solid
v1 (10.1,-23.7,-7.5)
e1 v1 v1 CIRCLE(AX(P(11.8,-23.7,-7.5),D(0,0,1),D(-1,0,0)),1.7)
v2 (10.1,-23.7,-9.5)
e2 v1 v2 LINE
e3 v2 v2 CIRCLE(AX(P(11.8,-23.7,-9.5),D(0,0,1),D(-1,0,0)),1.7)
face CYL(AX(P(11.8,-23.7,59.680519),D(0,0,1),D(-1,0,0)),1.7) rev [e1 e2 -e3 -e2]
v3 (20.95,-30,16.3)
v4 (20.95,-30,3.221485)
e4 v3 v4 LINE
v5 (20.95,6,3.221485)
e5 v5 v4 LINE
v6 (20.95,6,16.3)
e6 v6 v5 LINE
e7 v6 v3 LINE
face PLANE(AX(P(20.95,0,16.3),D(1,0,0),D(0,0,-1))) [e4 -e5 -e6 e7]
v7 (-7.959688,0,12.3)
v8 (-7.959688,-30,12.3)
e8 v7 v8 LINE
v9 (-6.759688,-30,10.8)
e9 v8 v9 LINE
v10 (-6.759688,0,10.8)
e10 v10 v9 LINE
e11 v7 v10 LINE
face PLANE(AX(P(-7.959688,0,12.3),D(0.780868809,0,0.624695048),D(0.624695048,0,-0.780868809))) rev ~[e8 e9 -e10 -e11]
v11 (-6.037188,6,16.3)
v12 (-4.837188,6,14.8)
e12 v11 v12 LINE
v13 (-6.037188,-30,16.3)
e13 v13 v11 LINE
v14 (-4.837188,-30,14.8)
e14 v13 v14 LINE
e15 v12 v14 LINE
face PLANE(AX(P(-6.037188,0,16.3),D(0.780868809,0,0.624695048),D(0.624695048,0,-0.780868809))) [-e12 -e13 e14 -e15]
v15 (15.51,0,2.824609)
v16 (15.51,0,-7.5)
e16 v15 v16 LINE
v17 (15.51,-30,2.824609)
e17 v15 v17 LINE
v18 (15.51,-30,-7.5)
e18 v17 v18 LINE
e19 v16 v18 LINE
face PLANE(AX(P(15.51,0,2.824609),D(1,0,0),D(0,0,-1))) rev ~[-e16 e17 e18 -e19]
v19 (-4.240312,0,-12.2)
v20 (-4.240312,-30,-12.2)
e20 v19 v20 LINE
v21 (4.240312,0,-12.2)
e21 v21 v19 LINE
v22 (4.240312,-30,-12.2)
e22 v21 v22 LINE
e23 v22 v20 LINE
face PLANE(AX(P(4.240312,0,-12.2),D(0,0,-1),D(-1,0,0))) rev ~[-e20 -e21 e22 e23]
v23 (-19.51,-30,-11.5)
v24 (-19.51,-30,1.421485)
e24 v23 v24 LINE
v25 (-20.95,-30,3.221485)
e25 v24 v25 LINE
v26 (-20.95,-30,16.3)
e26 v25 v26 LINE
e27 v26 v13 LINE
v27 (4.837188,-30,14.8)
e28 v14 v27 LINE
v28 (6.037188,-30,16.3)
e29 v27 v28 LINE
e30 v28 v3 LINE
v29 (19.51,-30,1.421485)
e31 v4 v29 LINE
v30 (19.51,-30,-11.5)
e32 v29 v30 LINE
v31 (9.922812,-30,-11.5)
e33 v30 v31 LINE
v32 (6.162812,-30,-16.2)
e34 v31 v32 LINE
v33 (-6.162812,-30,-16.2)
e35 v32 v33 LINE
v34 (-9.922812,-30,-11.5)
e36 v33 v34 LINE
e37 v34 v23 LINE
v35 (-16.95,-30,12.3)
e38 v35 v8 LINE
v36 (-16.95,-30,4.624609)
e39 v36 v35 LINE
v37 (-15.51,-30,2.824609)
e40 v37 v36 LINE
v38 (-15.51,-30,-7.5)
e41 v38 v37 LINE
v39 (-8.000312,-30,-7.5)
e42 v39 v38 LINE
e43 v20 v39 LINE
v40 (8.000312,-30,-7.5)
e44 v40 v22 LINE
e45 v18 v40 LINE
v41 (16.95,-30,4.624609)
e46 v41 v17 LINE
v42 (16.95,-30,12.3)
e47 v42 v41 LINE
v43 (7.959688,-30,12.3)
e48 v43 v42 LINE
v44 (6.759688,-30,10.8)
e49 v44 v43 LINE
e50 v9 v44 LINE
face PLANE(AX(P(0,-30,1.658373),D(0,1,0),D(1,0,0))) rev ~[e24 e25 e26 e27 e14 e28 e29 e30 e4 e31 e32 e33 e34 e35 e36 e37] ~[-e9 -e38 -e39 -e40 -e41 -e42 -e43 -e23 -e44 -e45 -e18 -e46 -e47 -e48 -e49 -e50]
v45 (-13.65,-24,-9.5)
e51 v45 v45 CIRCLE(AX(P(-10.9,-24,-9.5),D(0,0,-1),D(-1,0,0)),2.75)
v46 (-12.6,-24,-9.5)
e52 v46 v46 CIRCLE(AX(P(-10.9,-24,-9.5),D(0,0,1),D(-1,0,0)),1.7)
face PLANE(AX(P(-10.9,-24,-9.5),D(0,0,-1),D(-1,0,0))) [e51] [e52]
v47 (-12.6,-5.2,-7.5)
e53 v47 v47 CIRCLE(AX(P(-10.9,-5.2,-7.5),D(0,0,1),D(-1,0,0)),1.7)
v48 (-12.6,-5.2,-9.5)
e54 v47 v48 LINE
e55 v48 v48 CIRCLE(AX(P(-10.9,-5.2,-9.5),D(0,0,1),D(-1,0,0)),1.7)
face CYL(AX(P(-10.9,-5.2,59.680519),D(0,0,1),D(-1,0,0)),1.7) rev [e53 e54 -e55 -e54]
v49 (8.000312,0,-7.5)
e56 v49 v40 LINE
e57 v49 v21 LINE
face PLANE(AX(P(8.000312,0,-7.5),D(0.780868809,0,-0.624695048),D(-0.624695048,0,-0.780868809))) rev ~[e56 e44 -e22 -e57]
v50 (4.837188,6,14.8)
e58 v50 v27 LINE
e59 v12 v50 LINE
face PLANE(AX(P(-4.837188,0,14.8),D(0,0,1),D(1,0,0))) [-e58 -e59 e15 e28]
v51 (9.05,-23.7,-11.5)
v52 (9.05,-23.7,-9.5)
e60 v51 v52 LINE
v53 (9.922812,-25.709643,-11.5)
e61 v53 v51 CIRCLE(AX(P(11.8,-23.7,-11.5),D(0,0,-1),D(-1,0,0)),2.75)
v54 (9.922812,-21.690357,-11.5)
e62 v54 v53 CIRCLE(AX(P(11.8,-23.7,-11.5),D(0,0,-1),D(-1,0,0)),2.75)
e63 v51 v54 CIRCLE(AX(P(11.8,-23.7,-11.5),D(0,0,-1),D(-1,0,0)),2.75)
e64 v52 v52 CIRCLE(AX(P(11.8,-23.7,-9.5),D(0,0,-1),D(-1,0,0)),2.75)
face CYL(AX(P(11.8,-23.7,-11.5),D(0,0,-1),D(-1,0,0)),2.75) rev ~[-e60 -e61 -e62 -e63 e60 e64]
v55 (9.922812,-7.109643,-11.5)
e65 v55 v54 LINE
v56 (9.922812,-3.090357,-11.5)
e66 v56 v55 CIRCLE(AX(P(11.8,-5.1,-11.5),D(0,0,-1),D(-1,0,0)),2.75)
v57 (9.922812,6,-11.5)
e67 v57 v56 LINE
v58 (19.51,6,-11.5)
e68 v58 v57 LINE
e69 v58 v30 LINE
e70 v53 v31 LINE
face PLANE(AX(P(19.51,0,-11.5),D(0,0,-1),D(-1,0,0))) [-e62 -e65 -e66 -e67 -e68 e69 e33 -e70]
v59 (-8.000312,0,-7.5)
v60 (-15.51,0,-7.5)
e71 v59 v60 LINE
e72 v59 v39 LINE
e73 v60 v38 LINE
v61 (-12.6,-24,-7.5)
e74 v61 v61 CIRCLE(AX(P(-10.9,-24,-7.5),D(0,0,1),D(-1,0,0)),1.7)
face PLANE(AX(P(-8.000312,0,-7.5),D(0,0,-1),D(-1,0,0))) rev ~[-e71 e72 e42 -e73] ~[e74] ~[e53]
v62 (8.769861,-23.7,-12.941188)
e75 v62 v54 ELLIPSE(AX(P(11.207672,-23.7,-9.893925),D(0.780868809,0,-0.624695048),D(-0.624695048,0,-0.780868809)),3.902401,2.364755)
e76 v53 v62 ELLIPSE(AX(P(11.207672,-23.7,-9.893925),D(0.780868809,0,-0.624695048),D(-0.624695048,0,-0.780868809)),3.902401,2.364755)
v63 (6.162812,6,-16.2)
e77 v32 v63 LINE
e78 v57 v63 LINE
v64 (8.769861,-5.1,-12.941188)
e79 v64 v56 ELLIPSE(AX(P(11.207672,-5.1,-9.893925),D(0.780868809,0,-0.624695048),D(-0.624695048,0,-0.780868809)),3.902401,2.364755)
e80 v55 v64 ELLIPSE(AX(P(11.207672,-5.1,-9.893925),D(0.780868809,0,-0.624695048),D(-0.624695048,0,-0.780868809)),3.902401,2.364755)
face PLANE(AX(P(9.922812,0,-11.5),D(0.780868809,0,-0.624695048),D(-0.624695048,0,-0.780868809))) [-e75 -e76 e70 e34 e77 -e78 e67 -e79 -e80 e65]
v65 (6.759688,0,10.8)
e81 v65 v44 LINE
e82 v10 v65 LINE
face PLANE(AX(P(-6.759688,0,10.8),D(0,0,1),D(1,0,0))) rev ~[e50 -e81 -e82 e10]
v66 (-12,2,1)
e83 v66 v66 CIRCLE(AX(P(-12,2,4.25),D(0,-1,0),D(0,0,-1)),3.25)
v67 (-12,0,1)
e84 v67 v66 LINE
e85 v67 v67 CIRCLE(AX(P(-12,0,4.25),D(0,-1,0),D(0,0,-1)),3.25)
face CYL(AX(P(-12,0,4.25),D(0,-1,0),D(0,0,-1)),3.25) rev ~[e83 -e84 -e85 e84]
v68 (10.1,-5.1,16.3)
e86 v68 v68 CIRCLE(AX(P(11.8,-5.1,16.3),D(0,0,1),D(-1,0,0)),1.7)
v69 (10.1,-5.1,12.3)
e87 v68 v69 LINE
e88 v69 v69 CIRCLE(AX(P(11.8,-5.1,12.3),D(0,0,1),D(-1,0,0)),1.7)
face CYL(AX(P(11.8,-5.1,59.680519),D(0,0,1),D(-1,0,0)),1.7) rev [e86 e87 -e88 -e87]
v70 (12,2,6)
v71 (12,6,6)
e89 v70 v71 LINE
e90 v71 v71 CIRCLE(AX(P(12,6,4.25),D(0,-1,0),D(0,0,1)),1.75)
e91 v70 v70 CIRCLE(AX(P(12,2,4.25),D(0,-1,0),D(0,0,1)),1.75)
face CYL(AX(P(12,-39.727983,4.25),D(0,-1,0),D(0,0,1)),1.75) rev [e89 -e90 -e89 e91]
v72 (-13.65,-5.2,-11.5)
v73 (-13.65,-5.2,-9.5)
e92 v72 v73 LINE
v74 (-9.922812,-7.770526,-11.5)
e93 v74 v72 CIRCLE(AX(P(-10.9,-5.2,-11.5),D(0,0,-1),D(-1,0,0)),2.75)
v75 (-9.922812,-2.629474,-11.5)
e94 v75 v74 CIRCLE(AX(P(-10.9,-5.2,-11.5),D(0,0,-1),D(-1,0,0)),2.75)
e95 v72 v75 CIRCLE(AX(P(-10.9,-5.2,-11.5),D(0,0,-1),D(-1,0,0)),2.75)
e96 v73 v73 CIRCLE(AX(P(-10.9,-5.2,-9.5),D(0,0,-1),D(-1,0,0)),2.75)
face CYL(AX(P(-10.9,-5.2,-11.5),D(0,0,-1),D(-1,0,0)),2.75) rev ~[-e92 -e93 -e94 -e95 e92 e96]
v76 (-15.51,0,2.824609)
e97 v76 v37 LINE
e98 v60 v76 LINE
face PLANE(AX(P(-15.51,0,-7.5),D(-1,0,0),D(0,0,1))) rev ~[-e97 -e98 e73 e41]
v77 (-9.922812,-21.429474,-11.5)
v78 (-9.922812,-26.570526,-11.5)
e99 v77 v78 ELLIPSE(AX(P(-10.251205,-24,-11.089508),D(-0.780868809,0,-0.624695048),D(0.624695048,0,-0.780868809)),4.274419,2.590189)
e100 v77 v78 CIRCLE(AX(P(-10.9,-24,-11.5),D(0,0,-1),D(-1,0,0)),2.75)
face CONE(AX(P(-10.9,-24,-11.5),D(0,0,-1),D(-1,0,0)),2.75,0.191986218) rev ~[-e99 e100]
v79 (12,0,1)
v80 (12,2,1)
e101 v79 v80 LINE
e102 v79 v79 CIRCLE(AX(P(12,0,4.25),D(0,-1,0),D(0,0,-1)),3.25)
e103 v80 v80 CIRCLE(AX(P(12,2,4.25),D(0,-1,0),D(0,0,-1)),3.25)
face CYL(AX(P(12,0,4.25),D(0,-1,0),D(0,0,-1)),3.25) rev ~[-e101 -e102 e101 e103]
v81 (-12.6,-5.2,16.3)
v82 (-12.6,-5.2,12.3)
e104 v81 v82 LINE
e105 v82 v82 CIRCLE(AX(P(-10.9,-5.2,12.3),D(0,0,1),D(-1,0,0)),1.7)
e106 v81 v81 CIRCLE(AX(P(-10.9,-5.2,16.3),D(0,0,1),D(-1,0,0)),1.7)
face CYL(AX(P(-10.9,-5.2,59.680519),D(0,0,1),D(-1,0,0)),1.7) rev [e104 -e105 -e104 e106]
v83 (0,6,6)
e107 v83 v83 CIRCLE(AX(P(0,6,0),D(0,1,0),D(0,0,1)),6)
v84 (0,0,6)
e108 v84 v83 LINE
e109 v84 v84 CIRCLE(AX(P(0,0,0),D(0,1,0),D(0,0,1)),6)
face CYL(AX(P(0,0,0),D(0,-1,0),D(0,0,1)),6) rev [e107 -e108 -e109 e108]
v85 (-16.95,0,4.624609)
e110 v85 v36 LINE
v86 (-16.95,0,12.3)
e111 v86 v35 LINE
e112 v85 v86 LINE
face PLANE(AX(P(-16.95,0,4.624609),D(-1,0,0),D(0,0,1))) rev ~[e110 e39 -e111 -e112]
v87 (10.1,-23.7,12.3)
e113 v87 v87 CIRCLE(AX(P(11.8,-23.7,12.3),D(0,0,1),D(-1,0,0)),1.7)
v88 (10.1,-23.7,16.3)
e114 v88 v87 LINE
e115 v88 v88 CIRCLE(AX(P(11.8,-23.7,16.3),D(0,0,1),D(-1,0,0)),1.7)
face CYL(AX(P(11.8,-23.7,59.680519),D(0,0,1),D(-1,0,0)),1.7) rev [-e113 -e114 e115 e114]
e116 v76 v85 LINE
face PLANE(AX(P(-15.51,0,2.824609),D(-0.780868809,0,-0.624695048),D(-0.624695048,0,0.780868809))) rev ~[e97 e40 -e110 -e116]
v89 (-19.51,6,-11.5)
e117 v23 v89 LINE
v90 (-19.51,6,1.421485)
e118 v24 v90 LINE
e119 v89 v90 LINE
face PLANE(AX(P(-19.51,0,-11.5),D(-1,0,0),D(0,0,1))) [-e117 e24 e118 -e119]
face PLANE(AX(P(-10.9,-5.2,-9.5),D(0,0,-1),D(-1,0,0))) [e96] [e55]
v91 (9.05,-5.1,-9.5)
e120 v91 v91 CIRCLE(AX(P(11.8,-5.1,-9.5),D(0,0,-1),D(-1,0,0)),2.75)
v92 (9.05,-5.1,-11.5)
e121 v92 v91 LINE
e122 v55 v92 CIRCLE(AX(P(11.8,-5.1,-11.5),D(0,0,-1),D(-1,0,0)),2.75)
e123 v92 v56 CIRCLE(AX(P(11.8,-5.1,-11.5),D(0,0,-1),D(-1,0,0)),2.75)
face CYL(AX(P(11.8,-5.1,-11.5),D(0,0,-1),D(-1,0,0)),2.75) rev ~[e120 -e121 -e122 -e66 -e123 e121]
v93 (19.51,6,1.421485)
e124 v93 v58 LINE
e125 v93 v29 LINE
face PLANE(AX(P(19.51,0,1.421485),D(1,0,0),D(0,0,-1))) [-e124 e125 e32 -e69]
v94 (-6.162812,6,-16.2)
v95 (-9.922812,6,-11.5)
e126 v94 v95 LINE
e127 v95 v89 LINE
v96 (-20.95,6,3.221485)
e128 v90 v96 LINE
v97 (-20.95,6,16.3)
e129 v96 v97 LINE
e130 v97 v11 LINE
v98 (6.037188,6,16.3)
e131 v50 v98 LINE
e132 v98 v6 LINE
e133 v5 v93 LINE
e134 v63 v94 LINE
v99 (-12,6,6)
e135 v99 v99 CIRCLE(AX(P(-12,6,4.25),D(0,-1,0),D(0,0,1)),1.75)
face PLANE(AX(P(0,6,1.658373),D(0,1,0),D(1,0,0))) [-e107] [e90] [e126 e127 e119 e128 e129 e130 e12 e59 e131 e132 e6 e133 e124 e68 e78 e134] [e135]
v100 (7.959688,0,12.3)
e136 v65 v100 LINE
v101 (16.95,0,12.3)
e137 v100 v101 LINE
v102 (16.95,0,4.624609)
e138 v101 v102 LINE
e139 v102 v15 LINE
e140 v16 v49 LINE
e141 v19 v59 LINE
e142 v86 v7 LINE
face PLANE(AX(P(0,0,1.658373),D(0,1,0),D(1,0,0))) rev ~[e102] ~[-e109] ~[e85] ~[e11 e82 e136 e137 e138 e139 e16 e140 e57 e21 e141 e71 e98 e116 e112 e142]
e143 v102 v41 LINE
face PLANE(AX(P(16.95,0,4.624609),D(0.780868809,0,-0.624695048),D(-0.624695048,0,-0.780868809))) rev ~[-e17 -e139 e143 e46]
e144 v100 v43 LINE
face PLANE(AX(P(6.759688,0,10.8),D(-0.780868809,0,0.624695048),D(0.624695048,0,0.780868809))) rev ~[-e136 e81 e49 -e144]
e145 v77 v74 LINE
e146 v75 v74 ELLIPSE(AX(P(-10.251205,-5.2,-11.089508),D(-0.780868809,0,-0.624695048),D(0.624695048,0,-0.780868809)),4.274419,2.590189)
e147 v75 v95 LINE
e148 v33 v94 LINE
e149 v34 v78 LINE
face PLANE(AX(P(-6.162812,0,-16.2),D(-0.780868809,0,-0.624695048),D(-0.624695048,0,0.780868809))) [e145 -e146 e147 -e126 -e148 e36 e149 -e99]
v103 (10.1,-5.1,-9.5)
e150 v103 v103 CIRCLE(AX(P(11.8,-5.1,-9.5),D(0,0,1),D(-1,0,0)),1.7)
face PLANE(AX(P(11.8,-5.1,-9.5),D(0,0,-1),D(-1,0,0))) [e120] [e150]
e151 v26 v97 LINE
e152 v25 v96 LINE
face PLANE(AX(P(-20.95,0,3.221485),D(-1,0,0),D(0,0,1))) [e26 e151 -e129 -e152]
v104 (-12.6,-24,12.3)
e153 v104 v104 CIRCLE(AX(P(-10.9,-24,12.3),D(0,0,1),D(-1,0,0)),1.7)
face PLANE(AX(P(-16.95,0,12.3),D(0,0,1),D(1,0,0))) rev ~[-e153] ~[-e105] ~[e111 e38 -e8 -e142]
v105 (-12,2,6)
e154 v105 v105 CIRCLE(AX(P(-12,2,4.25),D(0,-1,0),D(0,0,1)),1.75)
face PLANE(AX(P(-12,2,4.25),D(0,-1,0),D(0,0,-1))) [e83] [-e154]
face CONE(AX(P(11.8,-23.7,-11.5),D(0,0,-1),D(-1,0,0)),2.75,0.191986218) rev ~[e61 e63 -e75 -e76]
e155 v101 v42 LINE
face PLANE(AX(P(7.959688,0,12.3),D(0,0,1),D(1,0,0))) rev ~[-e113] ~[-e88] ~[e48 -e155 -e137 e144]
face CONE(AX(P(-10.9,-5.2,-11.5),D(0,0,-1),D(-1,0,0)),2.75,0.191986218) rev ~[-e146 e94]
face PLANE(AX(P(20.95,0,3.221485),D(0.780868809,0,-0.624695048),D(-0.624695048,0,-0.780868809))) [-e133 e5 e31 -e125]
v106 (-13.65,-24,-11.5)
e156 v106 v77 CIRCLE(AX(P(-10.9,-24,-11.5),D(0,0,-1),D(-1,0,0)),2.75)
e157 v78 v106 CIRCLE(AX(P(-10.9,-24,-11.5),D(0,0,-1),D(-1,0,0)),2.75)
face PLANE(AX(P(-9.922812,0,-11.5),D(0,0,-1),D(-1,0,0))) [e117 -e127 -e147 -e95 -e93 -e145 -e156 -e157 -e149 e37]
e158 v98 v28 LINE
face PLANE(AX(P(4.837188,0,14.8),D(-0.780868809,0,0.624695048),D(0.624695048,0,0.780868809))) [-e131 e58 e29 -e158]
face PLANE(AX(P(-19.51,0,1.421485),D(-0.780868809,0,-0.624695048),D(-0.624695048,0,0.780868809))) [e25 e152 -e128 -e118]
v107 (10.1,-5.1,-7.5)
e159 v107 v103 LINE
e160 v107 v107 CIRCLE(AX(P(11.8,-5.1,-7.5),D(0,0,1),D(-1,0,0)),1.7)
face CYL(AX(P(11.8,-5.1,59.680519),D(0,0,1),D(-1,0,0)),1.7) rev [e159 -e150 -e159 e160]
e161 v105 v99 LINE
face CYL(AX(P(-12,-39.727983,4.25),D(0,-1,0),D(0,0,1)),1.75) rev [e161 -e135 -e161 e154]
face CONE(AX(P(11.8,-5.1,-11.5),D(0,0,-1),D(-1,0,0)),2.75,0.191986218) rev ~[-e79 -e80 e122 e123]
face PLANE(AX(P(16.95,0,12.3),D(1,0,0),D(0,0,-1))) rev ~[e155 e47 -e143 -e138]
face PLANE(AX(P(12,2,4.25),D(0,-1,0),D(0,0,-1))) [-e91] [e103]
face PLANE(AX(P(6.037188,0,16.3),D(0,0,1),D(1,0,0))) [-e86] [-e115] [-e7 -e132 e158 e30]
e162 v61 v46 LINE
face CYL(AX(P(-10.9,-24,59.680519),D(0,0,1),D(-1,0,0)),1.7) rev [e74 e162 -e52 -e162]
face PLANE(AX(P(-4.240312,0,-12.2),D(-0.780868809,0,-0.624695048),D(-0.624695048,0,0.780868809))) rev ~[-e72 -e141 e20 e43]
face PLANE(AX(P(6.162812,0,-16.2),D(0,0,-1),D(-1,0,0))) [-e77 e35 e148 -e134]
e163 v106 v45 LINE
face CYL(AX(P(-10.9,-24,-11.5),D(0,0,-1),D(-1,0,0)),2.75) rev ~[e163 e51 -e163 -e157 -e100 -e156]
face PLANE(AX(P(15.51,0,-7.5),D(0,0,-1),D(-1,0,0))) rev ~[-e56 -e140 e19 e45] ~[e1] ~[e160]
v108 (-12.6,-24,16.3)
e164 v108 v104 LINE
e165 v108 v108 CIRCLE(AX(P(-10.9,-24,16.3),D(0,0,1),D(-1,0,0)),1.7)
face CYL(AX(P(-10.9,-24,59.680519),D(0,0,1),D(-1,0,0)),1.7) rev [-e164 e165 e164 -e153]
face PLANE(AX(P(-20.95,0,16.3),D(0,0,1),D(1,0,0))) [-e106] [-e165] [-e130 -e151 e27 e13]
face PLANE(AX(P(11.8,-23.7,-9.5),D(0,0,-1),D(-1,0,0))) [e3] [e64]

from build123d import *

# Parameters (mm, degrees)
SKETCH2_R                    = 6
BOSS_EXTRUDE1_DEPTH          = 6
BOSS_EXTRUDE2_DEPTH          = 30
CUT_EXTRUDE1_DEPTH           = 47.38051854
CUT_EXTRUDE1_DEPTH_BACK      = 47.38051854
SKETCH3_R                    = 1.7
SKETCH4_R                    = 2.75
CUT_EXTRUDE2_DEPTH           = 2
CUT_EXTRUDE2_OTHER_WAY_DEPTH = 10
CUT_EXTRUDE2_OTHER_WAY_TAPER = -11
CUT_EXTRUDE3_DEPTH           = 45.727983411
CUT_EXTRUDE3_DEPTH_BACK      = 45.727983411
SKETCH6_R                    = 1.75
SKETCH7_R                    = 3.25
CUT_EXTRUDE4_DEPTH           = 2


with BuildPart() as part:
    # Sketch2 → Boss-Extrude1 (new body)
    with BuildSketch(Plane(origin=(0, 0, 0), x_dir=(1, 0, 0), z_dir=(0, 1, 0))):
        Polygon((-6.162811814, 16.2), (-9.922811814, 11.5), (-19.51, 11.5), (-19.51, -1.421485233), (-20.95, -3.221485233), (-20.95, -16.3), (-6.037188186, -16.3), (-4.837188186, -14.8), (4.837188186, -14.8), (6.037188186, -16.3), (20.95, -16.3), (20.95, -3.221485233), (19.51, -1.421485233), (19.51, 11.5), (9.922811814, 11.5), (6.162811814, 16.2), align=None)
        with Locations(Location((0, 0, 0), (0, 0, 270))):
            Circle(SKETCH2_R, mode=Mode.SUBTRACT)
    extrude(amount=BOSS_EXTRUDE1_DEPTH)

    # Sketch2<3> → Boss-Extrude2 (add)
    with BuildSketch(Plane(origin=(0, 0, 0), x_dir=(1, 0, 0), z_dir=(0, 1, 0))):
        Polygon((9.922811814, 11.5), (6.162811814, 16.2), (-6.162811814, 16.2), (-9.922811814, 11.5), (-19.51, 11.5), (-19.51, -1.421485233), (-20.95, -3.221485233), (-20.95, -16.3), (-6.037188186, -16.3), (-4.837188186, -14.8), (4.837188186, -14.8), (6.037188186, -16.3), (20.95, -16.3), (20.95, -3.221485233), (19.51, -1.421485233), (19.51, 11.5), align=None)
        Polygon((4.240312424, 12.2), (-4.240312424, 12.2), (-8.000312424, 7.5), (-15.51, 7.5), (-15.51, -2.82460947), (-16.95, -4.62460947), (-16.95, -12.3), (-7.959687576, -12.3), (-6.759687576, -10.8), (6.759687576, -10.8), (7.959687576, -12.3), (16.95, -12.3), (16.95, -4.62460947), (15.51, -2.82460947), (15.51, 7.5), (8.000312424, 7.5), align=None, mode=Mode.SUBTRACT)
    extrude(amount=-BOSS_EXTRUDE2_DEPTH)

    # Sketch3 → Cut-Extrude1 (cut, two sides: drawn at the far end of the back side and taken through both)
    with BuildSketch(Plane(origin=(0, 0, 12.3), x_dir=(-1, 0, 0), z_dir=(0, 0, -1)).offset(-CUT_EXTRUDE1_DEPTH_BACK)):
        with Locations((10.9, -5.2)):
            Circle(SKETCH3_R)
        with Locations((10.9, -24)):
            Circle(SKETCH3_R)
        with Locations((-11.8, -23.7)):
            Circle(SKETCH3_R)
        with Locations((-11.8, -5.1)):
            Circle(SKETCH3_R)
    extrude(amount=CUT_EXTRUDE1_DEPTH + CUT_EXTRUDE1_DEPTH_BACK, mode=Mode.SUBTRACT)

    # Sketch4 → Cut-Extrude2 (cut)
    with BuildSketch(Plane(origin=(0, 0, -11.5), x_dir=(-1, 0, 0), z_dir=(0, 0, -1))):
        with Locations((-11.8, -5.1)):
            Circle(SKETCH4_R)
        with Locations((10.9, -5.2)):
            Circle(SKETCH4_R)
        with Locations((-11.8, -23.7)):
            Circle(SKETCH4_R)
        with Locations((10.9, -24)):
            Circle(SKETCH4_R)
    extrude(amount=-CUT_EXTRUDE2_DEPTH, mode=Mode.SUBTRACT)

    # Sketch4 → Cut-Extrude2 other way (cut)
    with BuildSketch(Plane(origin=(0, 0, -11.5), x_dir=(-1, 0, 0), z_dir=(0, 0, -1))):
        with Locations((-11.8, -5.1)):
            Circle(SKETCH4_R)
        with Locations((10.9, -5.2)):
            Circle(SKETCH4_R)
        with Locations((-11.8, -23.7)):
            Circle(SKETCH4_R)
        with Locations((10.9, -24)):
            Circle(SKETCH4_R)
    extrude(amount=CUT_EXTRUDE2_OTHER_WAY_DEPTH, taper=CUT_EXTRUDE2_OTHER_WAY_TAPER, mode=Mode.SUBTRACT)

    # Sketch6 → Cut-Extrude3 (cut, two sides: drawn at the far end of the back side and taken through both)
    with BuildSketch(Plane(origin=(0, 6, 0), x_dir=(1, 0, 0), z_dir=(0, 1, 0)).offset(-CUT_EXTRUDE3_DEPTH_BACK)):
        with Locations(Location((-12, -4.25, 0), (0, 0, 270))):
            Circle(SKETCH6_R)
        with Locations(Location((12, -4.25, 0), (0, 0, 270))):
            Circle(SKETCH6_R)
    extrude(amount=CUT_EXTRUDE3_DEPTH + CUT_EXTRUDE3_DEPTH_BACK, mode=Mode.SUBTRACT)

    # Sketch7 → Cut-Extrude4 (cut)
    with BuildSketch(Plane.XZ):
        with Locations(Location((-12, 4.25, 0), (0, 0, 270))):
            Circle(SKETCH7_R)
        with Locations(Location((12, 4.25, 0), (0, 0, 270))):
            Circle(SKETCH7_R)
    extrude(amount=-CUT_EXTRUDE4_DEPTH, mode=Mode.SUBTRACT)


solid = part.part
